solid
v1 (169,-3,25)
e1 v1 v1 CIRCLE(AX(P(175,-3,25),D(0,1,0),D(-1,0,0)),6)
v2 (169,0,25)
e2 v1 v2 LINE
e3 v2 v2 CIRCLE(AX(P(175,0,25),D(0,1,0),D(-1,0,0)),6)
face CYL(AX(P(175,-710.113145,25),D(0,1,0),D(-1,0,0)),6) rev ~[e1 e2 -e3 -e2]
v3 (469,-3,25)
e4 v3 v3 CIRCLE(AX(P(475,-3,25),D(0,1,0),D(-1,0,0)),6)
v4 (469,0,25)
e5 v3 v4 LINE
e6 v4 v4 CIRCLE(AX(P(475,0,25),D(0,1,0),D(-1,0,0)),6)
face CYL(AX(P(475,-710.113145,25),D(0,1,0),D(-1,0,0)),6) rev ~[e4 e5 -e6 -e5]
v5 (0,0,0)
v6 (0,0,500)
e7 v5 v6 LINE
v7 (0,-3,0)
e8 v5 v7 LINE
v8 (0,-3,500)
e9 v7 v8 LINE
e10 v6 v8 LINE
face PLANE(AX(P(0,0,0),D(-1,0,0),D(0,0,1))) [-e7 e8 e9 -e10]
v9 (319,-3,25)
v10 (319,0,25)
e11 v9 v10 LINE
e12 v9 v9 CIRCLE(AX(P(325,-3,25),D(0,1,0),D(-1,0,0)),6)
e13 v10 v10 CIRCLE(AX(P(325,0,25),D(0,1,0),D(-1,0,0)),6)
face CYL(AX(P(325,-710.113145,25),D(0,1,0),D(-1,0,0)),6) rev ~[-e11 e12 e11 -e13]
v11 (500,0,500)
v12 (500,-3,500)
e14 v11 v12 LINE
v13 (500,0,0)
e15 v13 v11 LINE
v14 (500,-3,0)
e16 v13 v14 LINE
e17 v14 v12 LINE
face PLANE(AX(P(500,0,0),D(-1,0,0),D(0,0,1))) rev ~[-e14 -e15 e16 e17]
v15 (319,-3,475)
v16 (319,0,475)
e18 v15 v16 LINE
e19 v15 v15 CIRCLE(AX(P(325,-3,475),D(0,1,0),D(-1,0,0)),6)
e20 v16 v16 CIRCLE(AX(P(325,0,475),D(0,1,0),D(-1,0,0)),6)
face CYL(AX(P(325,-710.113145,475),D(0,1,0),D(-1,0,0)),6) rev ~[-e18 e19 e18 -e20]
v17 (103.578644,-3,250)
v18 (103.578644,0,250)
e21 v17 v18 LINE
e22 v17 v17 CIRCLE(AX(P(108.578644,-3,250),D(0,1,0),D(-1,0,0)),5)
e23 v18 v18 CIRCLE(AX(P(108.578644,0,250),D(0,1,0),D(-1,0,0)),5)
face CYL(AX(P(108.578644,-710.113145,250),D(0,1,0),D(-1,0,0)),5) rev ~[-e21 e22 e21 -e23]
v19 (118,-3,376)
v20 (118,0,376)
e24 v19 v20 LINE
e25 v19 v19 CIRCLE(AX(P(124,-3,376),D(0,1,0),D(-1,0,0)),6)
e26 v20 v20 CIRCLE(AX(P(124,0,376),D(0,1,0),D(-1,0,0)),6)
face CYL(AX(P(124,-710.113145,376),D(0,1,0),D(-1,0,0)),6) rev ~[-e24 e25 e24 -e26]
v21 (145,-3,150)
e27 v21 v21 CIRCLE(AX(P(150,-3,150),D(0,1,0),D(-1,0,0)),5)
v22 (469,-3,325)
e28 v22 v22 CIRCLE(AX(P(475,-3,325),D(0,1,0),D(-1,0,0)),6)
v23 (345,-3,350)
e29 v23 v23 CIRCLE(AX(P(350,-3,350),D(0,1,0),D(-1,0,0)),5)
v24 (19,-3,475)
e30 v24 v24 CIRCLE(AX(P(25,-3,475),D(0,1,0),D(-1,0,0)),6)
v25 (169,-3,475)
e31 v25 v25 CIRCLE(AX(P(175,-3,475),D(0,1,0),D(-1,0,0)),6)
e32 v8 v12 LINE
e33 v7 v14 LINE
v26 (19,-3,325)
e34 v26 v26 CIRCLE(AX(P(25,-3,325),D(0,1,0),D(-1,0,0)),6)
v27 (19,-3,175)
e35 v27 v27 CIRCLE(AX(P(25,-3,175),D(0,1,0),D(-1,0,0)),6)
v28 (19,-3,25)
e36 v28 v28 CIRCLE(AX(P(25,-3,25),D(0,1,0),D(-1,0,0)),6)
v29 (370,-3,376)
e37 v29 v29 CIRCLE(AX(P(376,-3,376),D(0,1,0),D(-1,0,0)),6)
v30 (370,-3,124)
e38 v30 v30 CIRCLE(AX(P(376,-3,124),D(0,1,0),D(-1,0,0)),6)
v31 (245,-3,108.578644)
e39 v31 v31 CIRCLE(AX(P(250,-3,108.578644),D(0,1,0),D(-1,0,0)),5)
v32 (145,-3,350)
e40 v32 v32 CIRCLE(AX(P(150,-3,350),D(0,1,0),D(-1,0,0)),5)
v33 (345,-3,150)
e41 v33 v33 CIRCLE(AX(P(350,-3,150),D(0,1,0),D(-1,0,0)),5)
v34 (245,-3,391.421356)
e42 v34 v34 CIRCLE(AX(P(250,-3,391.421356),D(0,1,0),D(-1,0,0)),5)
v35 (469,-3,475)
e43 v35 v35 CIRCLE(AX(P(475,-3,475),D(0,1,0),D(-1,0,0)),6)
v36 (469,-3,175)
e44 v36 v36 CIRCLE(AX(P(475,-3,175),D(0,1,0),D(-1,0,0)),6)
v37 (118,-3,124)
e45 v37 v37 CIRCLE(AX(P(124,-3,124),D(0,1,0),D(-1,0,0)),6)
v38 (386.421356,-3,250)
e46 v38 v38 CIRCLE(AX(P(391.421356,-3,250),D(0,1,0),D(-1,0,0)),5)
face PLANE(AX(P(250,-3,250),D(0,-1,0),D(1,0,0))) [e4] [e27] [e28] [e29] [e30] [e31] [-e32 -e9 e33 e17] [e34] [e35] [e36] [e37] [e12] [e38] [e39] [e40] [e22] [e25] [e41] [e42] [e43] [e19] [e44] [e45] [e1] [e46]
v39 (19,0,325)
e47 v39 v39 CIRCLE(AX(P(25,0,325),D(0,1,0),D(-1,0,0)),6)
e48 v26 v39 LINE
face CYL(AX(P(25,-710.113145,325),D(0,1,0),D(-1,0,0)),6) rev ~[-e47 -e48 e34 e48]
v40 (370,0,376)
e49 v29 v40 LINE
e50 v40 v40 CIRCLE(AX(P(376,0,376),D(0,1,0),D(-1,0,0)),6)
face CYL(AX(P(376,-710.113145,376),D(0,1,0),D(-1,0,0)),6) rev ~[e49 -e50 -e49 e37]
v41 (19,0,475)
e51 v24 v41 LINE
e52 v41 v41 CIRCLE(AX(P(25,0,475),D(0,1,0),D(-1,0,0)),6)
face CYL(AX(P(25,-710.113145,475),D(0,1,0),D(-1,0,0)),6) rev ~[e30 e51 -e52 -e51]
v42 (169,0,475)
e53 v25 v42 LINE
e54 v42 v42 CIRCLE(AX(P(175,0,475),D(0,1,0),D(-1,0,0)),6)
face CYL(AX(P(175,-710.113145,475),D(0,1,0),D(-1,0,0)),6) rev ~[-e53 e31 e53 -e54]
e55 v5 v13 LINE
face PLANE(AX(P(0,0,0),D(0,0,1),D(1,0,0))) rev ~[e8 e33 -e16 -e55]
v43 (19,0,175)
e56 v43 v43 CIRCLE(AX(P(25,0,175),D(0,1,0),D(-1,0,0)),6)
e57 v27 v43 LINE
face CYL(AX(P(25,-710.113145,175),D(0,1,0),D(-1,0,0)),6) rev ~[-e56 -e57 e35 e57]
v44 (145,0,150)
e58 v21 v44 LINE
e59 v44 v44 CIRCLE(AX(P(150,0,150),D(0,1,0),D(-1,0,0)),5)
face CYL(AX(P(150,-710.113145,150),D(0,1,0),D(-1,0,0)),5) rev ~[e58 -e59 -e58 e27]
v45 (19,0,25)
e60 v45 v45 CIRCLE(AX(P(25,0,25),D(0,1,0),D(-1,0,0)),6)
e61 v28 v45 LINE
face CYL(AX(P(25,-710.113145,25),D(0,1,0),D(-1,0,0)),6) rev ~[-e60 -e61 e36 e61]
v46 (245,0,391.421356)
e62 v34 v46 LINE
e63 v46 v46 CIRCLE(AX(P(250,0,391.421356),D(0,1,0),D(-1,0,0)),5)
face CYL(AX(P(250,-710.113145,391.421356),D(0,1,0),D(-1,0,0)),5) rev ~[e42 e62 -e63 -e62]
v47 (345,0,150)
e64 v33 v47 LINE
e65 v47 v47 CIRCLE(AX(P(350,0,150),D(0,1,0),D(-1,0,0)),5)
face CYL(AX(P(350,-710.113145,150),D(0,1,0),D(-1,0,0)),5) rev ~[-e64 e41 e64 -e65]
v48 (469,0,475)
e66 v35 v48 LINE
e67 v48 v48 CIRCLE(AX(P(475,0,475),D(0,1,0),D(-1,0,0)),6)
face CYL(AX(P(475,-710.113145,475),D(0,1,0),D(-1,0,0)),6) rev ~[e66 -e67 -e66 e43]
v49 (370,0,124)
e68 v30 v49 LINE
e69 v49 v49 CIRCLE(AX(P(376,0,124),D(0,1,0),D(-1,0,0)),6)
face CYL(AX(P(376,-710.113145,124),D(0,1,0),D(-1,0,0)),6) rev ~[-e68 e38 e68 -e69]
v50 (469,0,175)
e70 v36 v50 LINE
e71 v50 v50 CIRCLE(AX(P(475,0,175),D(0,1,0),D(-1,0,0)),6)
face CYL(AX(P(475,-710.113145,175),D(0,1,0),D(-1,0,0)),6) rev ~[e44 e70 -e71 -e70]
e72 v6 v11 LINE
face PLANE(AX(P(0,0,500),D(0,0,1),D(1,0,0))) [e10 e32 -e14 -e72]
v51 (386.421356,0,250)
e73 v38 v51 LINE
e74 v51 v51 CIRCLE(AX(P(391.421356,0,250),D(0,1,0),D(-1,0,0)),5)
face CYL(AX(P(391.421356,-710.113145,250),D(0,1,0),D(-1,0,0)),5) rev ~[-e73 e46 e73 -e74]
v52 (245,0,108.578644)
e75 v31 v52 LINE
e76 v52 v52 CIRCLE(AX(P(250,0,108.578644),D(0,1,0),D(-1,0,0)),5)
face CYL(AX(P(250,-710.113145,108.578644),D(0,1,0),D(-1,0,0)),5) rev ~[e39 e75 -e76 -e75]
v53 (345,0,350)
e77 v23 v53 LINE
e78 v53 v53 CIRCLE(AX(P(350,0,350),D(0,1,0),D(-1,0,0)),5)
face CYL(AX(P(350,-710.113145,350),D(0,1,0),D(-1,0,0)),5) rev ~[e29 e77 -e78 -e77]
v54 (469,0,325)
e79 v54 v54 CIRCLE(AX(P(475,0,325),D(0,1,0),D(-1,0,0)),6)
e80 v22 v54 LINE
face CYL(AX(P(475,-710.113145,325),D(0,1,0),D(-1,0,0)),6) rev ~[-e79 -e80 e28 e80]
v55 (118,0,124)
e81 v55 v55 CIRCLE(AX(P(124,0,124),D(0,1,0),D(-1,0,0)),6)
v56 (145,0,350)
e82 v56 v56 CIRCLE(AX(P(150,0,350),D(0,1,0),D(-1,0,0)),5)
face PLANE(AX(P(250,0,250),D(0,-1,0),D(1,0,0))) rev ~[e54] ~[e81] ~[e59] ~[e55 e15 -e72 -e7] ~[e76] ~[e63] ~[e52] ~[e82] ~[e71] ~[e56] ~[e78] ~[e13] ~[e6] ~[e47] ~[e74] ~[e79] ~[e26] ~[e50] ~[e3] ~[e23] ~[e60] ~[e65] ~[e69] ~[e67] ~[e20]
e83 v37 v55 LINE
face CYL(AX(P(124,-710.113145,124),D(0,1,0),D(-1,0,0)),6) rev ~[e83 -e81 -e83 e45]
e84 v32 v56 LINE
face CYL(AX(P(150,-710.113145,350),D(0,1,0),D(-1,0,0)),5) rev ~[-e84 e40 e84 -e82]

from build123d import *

# Parameters (mm, degrees)
F0_W     = 500
F0_H     = 500
F1_DEPTH = 3
F3_D     = 10
F5_D     = 12
F7_D     = 12


with BuildPart() as f1:
    # F0 (on Front) → F1 (new body)
    with BuildSketch(Plane.XZ):
        with Locations((250, 250)):
            Rectangle(F0_W, F0_H)
    extrude(amount=F1_DEPTH)

    # F3 (through all)
    with Locations(Plane.XZ.offset(3)):
        with Locations((150, 350), (250, 391.421356), (350, 350), (391.421356, 250), (350, 150), (250, 108.578644), (150, 150), (108.578644, 250)):
            Hole(F3_D / 2)

    # F5 (through all)
    with Locations(Plane.XZ.offset(3)):
        with Locations((25, 325), (25, 475), (175, 475), (325, 475), (475, 475), (475, 325), (475, 175), (475, 25), (325, 25), (175, 25), (25, 25), (25, 175)):
            Hole(F5_D / 2)

    # F7 (through all)
    with Locations(Plane.XZ.offset(3)):
        with Locations((124, 376), (376, 376), (376, 124), (124, 124)):
            Hole(F7_D / 2)


solid = f1.part
